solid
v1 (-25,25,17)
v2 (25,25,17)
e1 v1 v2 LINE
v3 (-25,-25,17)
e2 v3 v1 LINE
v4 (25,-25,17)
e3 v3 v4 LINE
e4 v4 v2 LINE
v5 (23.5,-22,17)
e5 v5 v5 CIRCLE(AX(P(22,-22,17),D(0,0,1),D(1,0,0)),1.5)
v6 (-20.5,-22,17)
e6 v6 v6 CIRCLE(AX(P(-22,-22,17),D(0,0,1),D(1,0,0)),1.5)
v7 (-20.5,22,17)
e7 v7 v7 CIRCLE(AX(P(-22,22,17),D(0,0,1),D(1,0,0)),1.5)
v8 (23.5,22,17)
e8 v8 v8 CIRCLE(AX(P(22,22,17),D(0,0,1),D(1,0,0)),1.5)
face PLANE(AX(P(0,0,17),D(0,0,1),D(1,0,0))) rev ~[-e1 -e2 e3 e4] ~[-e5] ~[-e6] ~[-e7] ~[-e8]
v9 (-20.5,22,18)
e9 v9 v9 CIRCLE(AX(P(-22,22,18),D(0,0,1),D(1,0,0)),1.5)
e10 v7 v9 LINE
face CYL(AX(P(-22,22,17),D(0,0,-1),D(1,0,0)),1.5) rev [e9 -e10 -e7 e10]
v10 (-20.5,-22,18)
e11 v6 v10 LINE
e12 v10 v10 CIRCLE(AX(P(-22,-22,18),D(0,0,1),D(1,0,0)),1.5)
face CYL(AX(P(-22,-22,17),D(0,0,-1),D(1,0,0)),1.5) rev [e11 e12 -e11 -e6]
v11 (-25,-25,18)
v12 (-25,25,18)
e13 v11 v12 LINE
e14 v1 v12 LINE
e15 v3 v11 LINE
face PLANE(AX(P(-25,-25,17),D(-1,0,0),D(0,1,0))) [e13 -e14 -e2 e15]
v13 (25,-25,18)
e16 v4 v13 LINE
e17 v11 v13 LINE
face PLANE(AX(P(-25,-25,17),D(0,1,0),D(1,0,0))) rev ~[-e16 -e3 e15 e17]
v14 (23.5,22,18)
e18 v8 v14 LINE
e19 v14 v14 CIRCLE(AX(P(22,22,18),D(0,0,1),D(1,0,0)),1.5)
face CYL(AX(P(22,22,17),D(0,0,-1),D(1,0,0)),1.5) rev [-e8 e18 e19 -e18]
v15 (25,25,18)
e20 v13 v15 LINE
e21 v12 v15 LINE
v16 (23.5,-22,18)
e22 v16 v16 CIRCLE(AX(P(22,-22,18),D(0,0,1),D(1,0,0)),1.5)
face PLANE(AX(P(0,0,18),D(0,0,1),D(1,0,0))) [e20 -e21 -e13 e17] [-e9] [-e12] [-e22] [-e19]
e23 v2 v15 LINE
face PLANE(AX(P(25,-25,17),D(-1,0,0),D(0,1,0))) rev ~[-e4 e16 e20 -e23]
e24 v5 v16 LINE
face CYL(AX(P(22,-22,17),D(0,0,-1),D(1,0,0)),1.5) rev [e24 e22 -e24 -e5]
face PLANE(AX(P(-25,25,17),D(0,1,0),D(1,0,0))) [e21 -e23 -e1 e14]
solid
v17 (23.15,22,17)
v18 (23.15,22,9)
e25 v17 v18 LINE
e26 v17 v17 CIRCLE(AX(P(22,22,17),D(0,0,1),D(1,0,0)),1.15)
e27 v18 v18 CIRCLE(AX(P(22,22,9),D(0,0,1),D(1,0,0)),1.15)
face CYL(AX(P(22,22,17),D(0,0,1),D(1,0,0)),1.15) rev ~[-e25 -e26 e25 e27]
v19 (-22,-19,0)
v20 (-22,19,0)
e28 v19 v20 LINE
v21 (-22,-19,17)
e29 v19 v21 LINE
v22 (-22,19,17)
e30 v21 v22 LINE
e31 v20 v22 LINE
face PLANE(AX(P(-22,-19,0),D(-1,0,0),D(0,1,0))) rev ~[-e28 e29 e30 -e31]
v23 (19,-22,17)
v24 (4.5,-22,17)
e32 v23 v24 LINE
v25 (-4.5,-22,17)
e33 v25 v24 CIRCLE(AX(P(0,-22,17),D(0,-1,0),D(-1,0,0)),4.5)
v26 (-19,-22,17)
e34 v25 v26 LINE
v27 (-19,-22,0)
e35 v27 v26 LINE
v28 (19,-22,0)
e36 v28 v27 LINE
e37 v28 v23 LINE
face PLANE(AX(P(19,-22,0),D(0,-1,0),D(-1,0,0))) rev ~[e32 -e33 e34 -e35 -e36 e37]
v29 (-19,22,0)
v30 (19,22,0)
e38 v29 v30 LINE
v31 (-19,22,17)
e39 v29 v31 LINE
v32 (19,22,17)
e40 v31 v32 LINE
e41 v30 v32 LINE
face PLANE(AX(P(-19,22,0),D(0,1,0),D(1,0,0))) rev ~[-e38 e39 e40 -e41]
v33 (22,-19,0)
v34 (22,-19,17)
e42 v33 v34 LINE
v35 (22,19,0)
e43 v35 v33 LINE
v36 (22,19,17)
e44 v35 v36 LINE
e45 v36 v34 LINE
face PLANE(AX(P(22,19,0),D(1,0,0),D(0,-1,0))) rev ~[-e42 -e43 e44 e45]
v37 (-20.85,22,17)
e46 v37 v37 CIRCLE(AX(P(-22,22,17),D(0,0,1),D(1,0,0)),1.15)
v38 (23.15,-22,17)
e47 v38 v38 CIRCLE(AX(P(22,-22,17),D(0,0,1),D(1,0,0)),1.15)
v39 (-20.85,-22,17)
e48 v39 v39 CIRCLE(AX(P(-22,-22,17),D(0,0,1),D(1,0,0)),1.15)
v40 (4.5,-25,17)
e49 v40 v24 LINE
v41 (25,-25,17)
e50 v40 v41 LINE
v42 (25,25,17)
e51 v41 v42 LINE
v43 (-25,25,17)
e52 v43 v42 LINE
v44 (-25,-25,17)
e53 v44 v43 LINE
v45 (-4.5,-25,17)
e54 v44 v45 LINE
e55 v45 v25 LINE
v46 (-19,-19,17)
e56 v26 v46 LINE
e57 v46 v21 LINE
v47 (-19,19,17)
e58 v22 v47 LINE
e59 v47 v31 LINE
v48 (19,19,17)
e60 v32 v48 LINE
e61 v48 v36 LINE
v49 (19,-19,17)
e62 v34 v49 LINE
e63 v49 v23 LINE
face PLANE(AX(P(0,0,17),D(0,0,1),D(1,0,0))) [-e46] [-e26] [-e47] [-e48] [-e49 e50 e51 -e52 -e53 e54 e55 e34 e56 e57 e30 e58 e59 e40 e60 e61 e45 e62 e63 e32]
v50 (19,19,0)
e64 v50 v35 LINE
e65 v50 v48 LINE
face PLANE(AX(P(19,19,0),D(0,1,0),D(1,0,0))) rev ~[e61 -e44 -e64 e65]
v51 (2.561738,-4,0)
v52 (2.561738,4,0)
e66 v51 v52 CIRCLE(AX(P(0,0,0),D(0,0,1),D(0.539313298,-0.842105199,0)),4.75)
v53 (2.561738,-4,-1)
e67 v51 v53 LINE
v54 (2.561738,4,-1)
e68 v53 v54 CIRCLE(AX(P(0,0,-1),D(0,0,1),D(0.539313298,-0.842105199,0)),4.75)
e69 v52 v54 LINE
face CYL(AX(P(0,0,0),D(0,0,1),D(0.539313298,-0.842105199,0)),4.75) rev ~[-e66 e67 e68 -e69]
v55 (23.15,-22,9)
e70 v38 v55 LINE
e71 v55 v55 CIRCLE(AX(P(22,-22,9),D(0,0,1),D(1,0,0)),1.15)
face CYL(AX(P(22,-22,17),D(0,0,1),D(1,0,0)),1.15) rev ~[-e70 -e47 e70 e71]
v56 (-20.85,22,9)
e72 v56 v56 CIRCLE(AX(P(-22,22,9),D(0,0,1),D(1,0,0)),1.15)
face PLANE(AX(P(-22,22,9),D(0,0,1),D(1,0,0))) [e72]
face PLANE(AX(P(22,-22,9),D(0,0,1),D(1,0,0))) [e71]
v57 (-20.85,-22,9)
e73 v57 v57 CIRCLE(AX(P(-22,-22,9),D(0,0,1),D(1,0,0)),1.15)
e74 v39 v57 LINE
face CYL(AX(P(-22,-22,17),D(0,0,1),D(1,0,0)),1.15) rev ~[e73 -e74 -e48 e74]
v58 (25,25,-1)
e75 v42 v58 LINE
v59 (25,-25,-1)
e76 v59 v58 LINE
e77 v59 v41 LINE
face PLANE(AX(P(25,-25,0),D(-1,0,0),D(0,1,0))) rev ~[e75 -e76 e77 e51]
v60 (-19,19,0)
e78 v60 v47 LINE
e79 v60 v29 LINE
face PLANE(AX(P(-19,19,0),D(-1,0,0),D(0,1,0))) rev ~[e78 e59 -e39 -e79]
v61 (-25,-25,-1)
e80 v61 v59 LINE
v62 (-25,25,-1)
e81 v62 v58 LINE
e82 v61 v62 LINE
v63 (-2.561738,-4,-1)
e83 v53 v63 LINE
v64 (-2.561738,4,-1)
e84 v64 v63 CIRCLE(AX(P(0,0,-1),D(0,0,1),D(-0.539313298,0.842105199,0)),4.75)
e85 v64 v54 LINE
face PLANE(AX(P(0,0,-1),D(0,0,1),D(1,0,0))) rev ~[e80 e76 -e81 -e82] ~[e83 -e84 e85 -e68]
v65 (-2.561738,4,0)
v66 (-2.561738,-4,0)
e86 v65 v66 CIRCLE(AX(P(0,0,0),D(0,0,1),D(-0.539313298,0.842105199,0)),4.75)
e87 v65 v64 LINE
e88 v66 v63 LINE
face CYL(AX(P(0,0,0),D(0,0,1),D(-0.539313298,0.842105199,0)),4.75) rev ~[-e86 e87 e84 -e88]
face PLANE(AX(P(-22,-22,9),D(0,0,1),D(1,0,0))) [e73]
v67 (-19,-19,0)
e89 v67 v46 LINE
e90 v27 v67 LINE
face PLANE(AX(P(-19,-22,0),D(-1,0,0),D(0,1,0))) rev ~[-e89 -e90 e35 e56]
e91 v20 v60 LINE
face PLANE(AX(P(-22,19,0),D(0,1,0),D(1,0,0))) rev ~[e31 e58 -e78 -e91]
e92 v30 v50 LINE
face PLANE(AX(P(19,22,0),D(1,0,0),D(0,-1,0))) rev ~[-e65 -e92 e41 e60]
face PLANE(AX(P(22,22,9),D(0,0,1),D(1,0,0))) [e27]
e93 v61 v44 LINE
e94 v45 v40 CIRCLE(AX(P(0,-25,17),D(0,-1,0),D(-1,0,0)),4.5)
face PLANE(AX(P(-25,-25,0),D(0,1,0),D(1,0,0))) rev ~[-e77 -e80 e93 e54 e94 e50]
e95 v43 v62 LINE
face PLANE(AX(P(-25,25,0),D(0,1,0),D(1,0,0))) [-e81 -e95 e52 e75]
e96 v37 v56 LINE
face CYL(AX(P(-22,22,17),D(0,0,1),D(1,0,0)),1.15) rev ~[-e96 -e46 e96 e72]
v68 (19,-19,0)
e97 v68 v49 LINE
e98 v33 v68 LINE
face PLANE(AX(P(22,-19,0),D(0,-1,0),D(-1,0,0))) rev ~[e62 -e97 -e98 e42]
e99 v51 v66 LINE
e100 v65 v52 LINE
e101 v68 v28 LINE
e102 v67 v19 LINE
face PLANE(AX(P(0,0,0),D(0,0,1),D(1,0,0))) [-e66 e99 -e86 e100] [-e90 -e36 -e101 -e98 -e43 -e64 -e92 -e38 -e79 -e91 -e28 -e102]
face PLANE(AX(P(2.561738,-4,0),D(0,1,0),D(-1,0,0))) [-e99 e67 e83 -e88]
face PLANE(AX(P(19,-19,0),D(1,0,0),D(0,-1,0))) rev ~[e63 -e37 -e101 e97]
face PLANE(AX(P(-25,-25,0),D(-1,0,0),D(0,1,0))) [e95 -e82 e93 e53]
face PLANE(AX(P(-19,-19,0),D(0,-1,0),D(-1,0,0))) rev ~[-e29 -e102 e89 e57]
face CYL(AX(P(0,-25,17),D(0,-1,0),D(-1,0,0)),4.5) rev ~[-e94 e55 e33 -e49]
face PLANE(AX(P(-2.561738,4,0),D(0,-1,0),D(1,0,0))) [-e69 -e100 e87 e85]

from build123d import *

# Parameters (mm, degrees)
SKETCH_W        = 50
SKETCH_H        = 50
PAD_DEPTH       = 1
SKETCH001_W     = 50
SKETCH001_H     = 50
PAD001_DEPTH    = 17
SKETCH002_R     = 1.15
POCKET_DEPTH    = 8
POCKET001_DEPTH = 3
SKETCH004_W     = 50
SKETCH004_H     = 50
SKETCH004_R     = 1.5
PAD002_DEPTH    = 1


with BuildPart() as main_box:
    # Sketch → Pad (new body)
    with BuildSketch(Plane.XY):
        Rectangle(SKETCH_W, SKETCH_H)
        with BuildLine():
            ThreePointArc((-2.561738, 4), (-4.75, 0), (-2.561738, -4))
            Line((2.561738, -4), (-2.561738, -4))
            ThreePointArc((2.561738, -4), (4.75, 0), (2.561738, 4))
            Line((-2.561738, 4), (2.561738, 4))
        make_face(mode=Mode.SUBTRACT)
    extrude(amount=-PAD_DEPTH)

    # Sketch001 → Pad001 (join)
    with BuildSketch(Plane.XY):
        Rectangle(SKETCH001_W, SKETCH001_H)
        Polygon((-19, 22), (19, 22), (19, 19), (22, 19), (22, -19), (19, -19), (19, -22), (-19, -22), (-19, -19), (-22, -19), (-22, 19), (-19, 19), align=None, mode=Mode.SUBTRACT)
    extrude(amount=PAD001_DEPTH)

    # Sketch002 (on Face9 of Pad001) → Pocket (cut)
    with BuildSketch(Plane.XY.offset(17)):
        with Locations((-22, 22)):
            Circle(SKETCH002_R)
        with Locations((22, 22)):
            Circle(SKETCH002_R)
        with Locations((-22, -22)):
            Circle(SKETCH002_R)
        with Locations((22, -22)):
            Circle(SKETCH002_R)
    extrude(amount=-POCKET_DEPTH, mode=Mode.SUBTRACT)

    # Sketch003 (on Face14 of Pocket) → Pocket001 (cut)
    with BuildSketch(Plane.XZ.offset(25)):
        with BuildLine():
            ThreePointArc((-4.5, 17), (0, 12.5), (4.5, 17))
            Line((-4.5, 17), (4.5, 17))
        make_face()
    extrude(amount=-POCKET001_DEPTH, mode=Mode.SUBTRACT)


with BuildPart() as cover:
    # Sketch004 → Pad002 (new body)
    with BuildSketch(Plane.XY.offset(17)):
        Rectangle(SKETCH004_W, SKETCH004_H)
        with Locations((-22, 22)):
            Circle(SKETCH004_R, mode=Mode.SUBTRACT)
        with Locations((22, 22)):
            Circle(SKETCH004_R, mode=Mode.SUBTRACT)
        with Locations((22, -22)):
            Circle(SKETCH004_R, mode=Mode.SUBTRACT)
        with Locations((-22, -22)):
            Circle(SKETCH004_R, mode=Mode.SUBTRACT)
    extrude(amount=PAD002_DEPTH)


solid = Compound([main_box.part, cover.part])
